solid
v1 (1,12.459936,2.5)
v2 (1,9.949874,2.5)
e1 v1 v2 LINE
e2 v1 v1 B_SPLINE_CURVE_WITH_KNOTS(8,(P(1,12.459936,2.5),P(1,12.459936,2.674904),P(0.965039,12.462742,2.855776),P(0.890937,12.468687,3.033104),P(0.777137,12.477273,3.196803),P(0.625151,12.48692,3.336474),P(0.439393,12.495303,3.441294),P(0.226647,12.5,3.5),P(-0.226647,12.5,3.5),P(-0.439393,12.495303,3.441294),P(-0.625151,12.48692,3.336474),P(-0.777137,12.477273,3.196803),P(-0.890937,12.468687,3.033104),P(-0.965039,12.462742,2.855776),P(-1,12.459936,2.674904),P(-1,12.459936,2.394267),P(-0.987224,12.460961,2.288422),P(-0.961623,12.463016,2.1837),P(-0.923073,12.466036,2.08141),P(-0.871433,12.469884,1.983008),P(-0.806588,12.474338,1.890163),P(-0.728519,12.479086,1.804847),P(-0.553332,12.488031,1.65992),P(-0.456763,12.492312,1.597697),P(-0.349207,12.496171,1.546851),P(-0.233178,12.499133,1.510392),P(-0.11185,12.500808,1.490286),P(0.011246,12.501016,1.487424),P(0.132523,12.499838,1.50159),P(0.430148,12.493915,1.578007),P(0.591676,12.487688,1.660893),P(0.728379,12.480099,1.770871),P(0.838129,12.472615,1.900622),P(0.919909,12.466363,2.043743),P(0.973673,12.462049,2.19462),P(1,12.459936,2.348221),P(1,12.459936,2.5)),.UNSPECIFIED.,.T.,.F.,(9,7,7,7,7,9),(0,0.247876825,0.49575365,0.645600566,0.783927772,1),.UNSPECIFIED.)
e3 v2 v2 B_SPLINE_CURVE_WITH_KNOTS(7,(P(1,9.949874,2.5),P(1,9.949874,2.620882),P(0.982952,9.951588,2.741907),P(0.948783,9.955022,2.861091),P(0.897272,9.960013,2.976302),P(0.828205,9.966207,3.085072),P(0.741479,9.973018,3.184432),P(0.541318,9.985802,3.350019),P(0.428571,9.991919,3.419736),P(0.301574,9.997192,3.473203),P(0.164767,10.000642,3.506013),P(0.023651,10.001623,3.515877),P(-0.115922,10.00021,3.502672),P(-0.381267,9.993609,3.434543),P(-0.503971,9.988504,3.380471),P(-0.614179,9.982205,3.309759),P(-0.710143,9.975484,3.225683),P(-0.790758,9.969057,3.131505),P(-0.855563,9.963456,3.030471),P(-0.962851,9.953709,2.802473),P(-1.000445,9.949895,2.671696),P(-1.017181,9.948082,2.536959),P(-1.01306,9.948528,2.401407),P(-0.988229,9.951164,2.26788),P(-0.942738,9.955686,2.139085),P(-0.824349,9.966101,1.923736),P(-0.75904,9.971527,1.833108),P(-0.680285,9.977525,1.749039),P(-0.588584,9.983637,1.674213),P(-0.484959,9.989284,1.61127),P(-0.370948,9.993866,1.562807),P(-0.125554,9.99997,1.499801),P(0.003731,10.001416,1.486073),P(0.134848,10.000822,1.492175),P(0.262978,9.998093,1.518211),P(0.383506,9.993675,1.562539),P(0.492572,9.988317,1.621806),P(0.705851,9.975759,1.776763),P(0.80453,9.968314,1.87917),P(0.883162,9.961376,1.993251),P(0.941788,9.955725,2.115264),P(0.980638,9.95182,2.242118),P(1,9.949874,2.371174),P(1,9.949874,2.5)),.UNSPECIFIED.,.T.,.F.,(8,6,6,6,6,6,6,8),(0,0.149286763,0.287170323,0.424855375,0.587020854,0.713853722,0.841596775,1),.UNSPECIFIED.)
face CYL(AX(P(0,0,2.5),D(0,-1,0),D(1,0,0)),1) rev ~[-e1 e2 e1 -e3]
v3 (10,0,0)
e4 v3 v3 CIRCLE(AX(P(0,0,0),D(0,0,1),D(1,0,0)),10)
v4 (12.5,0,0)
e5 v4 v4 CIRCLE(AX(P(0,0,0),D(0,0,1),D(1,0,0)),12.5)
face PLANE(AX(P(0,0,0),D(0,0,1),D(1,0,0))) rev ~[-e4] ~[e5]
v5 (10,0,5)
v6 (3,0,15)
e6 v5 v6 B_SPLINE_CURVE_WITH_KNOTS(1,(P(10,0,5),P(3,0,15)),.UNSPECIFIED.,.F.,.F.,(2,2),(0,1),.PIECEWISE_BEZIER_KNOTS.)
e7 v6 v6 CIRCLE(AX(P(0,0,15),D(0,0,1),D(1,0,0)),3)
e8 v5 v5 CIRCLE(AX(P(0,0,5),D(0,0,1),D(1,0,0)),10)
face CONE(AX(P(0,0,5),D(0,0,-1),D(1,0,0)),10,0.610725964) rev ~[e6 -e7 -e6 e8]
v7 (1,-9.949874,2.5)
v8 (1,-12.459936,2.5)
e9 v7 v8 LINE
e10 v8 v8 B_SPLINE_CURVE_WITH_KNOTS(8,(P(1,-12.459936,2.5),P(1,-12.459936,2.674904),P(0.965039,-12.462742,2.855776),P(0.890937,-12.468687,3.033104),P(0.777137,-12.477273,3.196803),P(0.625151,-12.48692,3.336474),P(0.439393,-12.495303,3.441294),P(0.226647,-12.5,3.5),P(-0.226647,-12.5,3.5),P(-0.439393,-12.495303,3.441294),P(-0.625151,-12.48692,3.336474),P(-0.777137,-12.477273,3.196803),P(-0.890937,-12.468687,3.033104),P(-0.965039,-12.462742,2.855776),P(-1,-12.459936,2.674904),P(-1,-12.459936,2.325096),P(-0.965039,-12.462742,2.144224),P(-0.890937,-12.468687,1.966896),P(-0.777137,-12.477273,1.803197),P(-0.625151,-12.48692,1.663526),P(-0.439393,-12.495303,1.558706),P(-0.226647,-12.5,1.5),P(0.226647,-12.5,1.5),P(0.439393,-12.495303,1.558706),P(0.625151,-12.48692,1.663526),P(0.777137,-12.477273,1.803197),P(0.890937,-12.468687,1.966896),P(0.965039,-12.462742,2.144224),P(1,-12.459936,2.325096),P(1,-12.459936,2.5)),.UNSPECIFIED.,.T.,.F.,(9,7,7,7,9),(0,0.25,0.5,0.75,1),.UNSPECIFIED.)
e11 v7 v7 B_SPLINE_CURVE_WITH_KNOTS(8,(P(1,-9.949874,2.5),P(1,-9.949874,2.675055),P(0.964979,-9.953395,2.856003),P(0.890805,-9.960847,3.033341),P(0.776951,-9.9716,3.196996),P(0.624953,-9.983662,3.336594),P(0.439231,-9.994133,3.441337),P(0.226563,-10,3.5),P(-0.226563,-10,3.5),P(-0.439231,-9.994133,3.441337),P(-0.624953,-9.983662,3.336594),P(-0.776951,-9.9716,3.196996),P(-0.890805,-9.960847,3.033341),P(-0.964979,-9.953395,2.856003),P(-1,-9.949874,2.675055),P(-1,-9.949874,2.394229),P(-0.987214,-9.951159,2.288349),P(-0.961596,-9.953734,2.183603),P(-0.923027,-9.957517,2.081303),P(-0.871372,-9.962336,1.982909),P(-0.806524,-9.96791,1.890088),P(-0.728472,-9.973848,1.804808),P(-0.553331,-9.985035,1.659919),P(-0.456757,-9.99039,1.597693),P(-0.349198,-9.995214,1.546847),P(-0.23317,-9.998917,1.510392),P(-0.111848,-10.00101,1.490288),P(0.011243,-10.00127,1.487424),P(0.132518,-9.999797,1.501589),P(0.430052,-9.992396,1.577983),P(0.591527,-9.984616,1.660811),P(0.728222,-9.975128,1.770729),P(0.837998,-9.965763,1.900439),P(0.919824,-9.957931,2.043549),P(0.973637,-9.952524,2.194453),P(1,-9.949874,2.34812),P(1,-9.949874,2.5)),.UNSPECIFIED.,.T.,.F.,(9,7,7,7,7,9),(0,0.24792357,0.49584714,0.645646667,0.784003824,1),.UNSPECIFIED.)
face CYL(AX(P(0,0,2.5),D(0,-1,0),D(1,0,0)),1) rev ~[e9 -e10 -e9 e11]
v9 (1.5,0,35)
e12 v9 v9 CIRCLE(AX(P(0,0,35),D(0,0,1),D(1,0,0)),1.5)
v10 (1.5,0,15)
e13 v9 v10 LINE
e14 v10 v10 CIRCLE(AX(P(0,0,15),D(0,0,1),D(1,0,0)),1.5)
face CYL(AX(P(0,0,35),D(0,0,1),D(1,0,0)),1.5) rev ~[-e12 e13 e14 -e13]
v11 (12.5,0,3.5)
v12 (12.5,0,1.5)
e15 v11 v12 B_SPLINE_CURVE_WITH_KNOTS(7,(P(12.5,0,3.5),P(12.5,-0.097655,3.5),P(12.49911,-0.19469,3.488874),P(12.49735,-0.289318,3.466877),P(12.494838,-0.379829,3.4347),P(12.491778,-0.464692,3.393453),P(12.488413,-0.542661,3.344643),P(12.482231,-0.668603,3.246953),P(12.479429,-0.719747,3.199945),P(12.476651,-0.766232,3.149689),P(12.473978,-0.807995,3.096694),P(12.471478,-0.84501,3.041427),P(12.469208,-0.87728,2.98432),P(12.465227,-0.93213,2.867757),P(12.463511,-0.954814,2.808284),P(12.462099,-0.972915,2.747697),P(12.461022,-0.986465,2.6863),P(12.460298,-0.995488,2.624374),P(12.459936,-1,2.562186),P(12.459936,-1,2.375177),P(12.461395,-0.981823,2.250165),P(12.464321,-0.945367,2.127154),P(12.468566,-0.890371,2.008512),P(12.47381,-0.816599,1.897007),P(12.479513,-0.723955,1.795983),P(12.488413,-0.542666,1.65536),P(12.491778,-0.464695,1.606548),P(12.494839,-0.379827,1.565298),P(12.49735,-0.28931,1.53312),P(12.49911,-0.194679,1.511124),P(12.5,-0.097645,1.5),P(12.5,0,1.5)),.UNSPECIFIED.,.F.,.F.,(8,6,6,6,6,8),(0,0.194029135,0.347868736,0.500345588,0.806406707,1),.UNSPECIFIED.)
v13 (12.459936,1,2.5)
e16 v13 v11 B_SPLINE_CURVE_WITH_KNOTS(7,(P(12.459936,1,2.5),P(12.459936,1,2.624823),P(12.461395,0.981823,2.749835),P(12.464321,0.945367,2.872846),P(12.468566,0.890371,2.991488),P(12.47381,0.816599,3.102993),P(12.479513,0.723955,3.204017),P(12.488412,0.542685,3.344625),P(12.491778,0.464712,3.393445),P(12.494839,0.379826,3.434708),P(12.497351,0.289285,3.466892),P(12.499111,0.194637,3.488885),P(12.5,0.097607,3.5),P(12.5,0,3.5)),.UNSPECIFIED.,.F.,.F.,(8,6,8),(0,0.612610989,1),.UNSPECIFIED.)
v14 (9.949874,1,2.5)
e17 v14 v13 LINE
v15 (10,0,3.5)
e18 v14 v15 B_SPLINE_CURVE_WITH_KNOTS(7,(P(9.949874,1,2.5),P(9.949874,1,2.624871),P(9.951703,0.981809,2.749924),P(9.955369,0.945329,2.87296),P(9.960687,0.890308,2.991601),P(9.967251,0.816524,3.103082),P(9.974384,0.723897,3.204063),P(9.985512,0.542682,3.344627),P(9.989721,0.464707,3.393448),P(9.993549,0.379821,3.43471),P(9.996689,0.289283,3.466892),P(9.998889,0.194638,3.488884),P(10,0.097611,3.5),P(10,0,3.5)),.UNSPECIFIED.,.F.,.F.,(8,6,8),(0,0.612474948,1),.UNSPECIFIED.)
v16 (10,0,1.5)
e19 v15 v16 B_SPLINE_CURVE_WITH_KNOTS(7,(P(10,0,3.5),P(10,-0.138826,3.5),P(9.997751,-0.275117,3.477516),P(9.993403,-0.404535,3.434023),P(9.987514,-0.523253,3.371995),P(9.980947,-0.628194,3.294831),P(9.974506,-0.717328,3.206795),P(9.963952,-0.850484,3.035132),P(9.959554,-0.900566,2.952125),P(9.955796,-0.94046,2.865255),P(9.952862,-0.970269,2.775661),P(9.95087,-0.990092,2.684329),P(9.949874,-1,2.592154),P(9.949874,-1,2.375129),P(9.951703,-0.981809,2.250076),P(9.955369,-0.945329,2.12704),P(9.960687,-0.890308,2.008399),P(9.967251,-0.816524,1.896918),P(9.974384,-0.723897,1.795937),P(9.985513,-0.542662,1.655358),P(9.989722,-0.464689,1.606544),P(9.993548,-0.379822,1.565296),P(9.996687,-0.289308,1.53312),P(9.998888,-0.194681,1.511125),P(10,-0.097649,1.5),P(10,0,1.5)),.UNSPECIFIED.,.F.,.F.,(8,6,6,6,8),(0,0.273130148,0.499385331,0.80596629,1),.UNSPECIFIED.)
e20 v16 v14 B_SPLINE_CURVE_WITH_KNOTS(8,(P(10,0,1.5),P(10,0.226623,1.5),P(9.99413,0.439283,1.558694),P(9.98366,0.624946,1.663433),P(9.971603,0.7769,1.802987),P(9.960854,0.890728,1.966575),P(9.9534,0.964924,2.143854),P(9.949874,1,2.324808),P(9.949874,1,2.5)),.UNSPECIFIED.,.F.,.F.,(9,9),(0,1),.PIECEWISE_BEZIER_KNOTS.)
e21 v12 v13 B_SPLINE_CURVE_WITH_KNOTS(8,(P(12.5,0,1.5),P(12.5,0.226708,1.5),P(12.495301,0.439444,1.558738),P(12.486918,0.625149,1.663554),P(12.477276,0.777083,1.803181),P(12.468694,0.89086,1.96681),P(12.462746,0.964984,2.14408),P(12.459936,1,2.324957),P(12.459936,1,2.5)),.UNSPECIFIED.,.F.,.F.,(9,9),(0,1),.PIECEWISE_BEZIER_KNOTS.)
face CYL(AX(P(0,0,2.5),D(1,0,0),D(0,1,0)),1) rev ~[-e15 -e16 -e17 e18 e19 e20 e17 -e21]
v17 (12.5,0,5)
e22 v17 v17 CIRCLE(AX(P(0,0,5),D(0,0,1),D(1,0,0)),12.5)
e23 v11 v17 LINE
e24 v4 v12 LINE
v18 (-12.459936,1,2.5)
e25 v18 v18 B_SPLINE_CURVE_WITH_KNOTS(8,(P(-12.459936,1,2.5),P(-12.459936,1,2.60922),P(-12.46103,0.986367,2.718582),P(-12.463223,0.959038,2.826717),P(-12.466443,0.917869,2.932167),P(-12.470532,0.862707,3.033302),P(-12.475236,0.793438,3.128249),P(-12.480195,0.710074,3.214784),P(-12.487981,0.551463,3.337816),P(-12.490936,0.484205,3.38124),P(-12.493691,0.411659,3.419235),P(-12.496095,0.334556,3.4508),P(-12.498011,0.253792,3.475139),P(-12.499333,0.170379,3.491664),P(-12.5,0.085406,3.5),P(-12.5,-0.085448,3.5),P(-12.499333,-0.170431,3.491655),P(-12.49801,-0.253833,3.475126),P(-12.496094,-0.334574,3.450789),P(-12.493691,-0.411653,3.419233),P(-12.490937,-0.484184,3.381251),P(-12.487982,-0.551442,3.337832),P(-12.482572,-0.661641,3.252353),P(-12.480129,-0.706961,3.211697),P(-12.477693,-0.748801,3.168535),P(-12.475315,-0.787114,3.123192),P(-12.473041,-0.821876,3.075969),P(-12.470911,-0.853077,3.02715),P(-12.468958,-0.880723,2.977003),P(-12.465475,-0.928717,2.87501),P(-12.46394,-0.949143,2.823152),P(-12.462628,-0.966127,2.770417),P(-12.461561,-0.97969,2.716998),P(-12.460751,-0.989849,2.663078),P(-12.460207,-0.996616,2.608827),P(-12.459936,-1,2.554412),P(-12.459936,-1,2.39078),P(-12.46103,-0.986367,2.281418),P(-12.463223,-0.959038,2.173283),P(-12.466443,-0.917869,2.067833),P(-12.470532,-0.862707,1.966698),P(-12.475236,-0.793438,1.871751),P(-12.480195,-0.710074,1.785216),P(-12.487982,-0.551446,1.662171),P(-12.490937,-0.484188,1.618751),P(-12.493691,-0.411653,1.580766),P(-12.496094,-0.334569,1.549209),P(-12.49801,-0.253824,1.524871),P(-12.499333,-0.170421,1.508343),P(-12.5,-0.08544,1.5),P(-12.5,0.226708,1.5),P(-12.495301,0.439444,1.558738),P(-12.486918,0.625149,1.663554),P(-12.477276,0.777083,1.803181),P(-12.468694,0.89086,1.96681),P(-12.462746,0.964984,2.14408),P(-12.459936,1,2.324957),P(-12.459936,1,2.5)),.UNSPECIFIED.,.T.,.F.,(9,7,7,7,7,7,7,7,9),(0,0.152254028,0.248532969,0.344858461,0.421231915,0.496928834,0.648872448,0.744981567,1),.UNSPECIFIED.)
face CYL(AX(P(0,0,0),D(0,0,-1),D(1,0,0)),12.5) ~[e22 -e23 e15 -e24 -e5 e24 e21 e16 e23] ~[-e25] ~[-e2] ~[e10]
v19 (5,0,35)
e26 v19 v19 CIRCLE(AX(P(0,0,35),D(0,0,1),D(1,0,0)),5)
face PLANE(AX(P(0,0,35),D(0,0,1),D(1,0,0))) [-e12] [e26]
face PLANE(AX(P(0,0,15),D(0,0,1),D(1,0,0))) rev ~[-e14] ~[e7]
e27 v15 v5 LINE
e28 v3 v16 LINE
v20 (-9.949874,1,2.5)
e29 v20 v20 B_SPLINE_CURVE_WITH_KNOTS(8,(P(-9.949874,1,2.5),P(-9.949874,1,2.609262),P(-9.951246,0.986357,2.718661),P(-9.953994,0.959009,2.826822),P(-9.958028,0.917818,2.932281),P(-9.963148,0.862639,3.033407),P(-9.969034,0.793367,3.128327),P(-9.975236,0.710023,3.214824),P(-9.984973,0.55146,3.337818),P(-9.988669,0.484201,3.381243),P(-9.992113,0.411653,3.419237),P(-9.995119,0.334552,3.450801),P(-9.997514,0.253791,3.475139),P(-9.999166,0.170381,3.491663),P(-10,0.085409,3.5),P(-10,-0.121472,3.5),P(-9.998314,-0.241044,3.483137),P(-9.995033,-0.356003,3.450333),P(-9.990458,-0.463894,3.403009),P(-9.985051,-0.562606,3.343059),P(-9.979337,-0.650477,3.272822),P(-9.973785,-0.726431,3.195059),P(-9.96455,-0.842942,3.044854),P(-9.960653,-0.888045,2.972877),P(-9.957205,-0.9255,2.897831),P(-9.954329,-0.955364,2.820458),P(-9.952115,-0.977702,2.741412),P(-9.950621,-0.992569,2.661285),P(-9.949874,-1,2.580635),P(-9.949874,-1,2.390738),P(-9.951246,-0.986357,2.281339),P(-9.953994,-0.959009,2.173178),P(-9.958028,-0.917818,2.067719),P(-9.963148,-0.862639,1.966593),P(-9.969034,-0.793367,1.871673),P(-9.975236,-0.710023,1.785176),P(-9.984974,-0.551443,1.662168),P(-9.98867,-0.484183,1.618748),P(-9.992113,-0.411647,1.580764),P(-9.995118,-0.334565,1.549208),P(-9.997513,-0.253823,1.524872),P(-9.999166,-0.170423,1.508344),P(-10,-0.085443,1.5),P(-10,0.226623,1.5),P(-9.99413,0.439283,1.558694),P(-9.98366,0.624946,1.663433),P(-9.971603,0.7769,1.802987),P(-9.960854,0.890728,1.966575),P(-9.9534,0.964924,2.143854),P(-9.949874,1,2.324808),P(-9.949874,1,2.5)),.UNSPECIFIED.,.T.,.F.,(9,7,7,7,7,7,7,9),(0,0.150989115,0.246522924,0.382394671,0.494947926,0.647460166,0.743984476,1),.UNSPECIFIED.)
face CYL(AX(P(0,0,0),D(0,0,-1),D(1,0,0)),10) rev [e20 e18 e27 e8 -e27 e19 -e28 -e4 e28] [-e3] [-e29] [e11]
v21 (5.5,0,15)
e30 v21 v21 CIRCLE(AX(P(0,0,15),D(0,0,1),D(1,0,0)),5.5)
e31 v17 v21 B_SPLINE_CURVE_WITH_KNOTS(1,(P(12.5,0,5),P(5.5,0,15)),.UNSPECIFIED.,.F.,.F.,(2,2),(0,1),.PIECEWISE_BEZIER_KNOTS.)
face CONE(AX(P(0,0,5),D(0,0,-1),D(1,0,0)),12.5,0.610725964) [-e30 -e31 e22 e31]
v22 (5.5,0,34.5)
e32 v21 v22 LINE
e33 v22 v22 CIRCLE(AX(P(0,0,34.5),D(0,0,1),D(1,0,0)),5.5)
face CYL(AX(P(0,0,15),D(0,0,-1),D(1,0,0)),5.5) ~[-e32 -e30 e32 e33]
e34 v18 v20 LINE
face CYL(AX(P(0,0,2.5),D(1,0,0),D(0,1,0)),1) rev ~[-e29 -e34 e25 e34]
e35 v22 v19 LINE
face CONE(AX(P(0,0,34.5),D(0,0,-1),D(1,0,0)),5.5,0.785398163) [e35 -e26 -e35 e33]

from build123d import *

# Parameters (mm, degrees)
F0_R      = 12.5
F0_R_2    = 10
F1_DEPTH  = 5
F4_R      = 12.5
F3_R      = 5.5
F6_R      = 10
F7_R      = 3
F9_R      = 5.5
F10_DEPTH = 20
F11_SIZE  = 0.5
F12_R     = 1
F13_DEPTH = 25
F14_R     = 1
F15_DEPTH = 25
F16_R     = 1.5
F17_DEPTH = 35.001


with BuildPart() as f1:
    # F0 (on Top) → F1 (new body)
    with BuildSketch(Plane.XY):
        Circle(F0_R)
        Circle(F0_R_2, mode=Mode.SUBTRACT)
    extrude(amount=F1_DEPTH)

    # F4 (on face) → F5 section 0
    with BuildSketch(Plane.XY.offset(5)):
        Circle(F4_R)
    # F3 (on offset) → F5 section 1
    with BuildSketch(Plane.XY.offset(15)):
        Circle(F3_R)
    loft()

    # F6 (on face) → F8 section 0
    with BuildSketch(Plane.XY.offset(5)):
        Circle(F6_R)
    # F7 (on offset) → F8 section 1
    with BuildSketch(Plane.XY.offset(15)):
        Circle(F7_R)
    loft(mode=Mode.SUBTRACT)

    # F9 (on face) → F10 (join)
    with BuildSketch(Plane.XY.offset(15)):
        Circle(F9_R)
    extrude(amount=F10_DEPTH)

    # F11
    f11_edges = [f1.edges().sort_by_distance(p)[0] for p in [
        (-5.5, 0, 35),
    ]]
    chamfer(f11_edges, length=F11_SIZE)

    # F12 (on Right) → F13 (cut, symmetric)
    with BuildSketch(Plane.YZ):
        with Locations((0, 2.5)):
            Circle(F12_R)
    extrude(amount=F13_DEPTH, both=True, mode=Mode.SUBTRACT)

    # F14 (on Front) → F15 (cut, symmetric)
    with BuildSketch(Plane.XZ):
        with Locations((0, 2.5)):
            Circle(F14_R)
    extrude(amount=F15_DEPTH, both=True, mode=Mode.SUBTRACT)

    # F16 (on face) → F17 (cut, through all)
    with BuildSketch(Plane.XY.offset(35)):
        Circle(F16_R)
    extrude(amount=-F17_DEPTH, mode=Mode.SUBTRACT)


solid = f1.part
